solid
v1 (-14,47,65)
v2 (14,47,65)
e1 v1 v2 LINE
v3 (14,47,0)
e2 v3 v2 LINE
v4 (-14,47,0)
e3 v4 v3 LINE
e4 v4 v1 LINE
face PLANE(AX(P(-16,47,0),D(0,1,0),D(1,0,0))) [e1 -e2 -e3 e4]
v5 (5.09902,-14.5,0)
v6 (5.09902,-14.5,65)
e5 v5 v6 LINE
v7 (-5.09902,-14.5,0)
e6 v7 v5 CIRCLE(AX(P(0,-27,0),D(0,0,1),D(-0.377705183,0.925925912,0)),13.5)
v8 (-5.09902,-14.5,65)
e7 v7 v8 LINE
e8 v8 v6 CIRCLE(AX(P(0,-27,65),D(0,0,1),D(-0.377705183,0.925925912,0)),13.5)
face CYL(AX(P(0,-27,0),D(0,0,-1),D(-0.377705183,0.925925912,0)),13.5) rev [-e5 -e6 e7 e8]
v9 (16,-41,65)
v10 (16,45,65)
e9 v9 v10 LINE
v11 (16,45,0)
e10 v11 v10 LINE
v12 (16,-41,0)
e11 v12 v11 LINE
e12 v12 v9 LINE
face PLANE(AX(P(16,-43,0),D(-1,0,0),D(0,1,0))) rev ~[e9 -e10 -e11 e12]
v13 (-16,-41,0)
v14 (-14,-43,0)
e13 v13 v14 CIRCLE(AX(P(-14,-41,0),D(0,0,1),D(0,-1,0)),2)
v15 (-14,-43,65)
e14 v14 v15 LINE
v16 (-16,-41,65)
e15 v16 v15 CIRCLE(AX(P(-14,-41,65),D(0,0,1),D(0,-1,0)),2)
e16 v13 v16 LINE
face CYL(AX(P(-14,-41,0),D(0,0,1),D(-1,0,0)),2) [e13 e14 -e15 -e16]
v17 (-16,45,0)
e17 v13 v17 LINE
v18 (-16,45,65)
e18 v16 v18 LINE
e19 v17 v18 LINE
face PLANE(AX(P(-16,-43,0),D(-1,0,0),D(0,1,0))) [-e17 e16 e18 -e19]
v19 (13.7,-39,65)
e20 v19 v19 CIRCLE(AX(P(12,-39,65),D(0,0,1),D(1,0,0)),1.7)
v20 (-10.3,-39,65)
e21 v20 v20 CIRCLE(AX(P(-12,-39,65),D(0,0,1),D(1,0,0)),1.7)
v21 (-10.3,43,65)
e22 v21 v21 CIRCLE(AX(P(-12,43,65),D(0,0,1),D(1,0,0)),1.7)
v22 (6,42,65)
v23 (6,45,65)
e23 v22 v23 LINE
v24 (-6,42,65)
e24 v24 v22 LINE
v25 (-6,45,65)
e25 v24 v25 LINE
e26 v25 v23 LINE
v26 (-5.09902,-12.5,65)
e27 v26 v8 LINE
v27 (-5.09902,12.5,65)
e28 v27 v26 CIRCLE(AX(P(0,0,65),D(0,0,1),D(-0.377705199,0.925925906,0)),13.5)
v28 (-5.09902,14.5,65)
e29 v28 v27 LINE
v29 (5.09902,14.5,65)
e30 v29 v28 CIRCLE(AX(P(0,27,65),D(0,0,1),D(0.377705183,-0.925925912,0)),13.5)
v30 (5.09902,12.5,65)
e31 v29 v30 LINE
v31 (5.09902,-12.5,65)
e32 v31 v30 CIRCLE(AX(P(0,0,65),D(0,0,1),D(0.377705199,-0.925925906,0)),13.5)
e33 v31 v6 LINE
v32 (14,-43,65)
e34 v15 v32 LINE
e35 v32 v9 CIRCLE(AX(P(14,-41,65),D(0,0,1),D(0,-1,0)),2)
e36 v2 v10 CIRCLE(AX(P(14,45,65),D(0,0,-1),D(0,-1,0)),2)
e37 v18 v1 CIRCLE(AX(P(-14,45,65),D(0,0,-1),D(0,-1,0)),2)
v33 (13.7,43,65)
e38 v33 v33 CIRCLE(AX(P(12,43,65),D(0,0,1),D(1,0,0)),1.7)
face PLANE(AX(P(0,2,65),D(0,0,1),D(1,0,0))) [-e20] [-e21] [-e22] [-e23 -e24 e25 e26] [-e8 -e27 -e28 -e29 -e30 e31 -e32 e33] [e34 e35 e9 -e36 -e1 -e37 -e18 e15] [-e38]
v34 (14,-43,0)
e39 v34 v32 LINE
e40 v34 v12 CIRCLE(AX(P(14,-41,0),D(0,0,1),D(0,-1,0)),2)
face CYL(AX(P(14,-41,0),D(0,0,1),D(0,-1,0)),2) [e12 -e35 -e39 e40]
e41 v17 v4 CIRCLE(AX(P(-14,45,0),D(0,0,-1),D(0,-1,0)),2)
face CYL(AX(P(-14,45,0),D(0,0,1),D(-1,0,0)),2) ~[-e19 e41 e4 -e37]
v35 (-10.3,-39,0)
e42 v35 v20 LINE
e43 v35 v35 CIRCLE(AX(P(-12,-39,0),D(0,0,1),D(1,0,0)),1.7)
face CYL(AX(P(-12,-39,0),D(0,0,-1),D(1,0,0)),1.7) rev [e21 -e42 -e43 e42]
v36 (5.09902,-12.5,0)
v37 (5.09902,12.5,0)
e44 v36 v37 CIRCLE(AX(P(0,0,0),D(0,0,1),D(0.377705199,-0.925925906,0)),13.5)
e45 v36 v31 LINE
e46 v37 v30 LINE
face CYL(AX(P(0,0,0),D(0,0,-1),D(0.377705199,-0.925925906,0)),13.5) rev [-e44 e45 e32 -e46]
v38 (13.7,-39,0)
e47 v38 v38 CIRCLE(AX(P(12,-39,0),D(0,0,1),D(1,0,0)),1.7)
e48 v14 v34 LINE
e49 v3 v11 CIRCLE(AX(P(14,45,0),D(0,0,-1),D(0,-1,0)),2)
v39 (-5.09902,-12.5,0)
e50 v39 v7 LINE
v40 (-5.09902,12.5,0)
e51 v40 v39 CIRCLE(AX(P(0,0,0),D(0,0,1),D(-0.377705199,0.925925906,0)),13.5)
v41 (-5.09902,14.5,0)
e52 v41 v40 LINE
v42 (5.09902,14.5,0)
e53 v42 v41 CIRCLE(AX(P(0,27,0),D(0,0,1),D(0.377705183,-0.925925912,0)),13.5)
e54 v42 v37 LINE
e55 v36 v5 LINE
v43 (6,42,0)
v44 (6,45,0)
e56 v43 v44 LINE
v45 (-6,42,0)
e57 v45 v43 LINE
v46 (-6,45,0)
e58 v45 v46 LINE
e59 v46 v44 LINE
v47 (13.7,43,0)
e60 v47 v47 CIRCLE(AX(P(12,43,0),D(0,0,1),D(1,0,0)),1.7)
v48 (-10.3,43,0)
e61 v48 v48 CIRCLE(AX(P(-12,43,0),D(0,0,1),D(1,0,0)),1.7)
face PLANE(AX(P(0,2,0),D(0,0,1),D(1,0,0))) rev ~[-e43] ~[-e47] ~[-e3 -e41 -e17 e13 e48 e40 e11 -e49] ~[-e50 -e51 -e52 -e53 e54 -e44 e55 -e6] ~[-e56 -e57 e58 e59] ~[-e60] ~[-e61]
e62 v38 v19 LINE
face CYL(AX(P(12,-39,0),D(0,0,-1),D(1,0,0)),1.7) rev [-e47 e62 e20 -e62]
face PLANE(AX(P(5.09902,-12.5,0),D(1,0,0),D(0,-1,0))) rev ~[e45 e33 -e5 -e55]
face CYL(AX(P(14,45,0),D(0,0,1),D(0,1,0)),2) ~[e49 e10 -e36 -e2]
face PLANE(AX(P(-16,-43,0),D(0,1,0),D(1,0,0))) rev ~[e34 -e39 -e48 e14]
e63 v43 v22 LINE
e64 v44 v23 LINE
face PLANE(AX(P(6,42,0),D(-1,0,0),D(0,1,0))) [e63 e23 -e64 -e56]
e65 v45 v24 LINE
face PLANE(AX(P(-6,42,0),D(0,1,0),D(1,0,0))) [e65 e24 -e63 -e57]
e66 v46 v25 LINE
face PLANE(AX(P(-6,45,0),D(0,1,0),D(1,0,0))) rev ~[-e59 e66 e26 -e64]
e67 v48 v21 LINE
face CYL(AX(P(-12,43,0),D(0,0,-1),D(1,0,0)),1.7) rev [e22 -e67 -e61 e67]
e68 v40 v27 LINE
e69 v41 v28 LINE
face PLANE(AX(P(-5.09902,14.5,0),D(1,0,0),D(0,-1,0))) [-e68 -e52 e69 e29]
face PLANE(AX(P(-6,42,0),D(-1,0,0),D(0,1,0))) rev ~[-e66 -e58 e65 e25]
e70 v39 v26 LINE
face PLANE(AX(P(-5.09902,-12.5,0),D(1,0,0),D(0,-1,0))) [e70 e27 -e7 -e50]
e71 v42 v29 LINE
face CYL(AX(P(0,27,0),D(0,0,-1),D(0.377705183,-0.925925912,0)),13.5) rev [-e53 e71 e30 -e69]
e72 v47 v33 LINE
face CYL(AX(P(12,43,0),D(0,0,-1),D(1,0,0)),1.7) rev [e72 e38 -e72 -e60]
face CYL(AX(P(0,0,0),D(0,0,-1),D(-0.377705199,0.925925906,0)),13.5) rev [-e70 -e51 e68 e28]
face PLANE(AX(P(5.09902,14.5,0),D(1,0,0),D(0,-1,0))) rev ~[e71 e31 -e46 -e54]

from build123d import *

# Parameters (mm, degrees)
SKETCH_W      = 32
SKETCH_H      = 90
SKETCH_R      = 1.7
SKETCH_W_2    = 12
SKETCH_H_2    = 3
EXTRUDE_DEPTH = 65
FILLET_R      = 2


with BuildPart() as part:
    # Sketch → Extrude (new body)
    with BuildSketch(Plane.XY):
        with Locations((0, 2)):
            Rectangle(SKETCH_W, SKETCH_H)
        with Locations((12, 43)):
            Circle(SKETCH_R, mode=Mode.SUBTRACT)
        with Locations((-12, 43)):
            Circle(SKETCH_R, mode=Mode.SUBTRACT)
        with Locations((-12, -39)):
            Circle(SKETCH_R, mode=Mode.SUBTRACT)
        with Locations((12, -39)):
            Circle(SKETCH_R, mode=Mode.SUBTRACT)
        with BuildLine():
            ThreePointArc((5.09902, 14.5), (0, 40.5), (-5.09902, 14.5))
            Line((-5.09902, 14.5), (-5.09902, 12.5))
            ThreePointArc((-5.09902, 12.5), (-13.5, 0), (-5.09902, -12.5))
            Line((-5.09902, -12.5), (-5.09902, -14.5))
            ThreePointArc((-5.09902, -14.5), (0, -40.5), (5.09902, -14.5))
            Line((5.09902, -12.5), (5.09902, -14.5))
            ThreePointArc((5.09902, -12.5), (13.5, 0), (5.09902, 12.5))
            Line((5.09902, 14.5), (5.09902, 12.5))
        make_face(mode=Mode.SUBTRACT)
        with Locations((0, 43.5)):
            Rectangle(SKETCH_W_2, SKETCH_H_2, mode=Mode.SUBTRACT)
    extrude(amount=EXTRUDE_DEPTH)

    # Fillet
    fillet_edges = [part.edges().sort_by_distance(p)[0] for p in [
        (-16, 47, 32.5),
        (16, 47, 32.5),
        (16, -43, 32.5),
        (-16, -43, 32.5),
    ]]
    fillet(fillet_edges, radius=FILLET_R)


solid = part.part
